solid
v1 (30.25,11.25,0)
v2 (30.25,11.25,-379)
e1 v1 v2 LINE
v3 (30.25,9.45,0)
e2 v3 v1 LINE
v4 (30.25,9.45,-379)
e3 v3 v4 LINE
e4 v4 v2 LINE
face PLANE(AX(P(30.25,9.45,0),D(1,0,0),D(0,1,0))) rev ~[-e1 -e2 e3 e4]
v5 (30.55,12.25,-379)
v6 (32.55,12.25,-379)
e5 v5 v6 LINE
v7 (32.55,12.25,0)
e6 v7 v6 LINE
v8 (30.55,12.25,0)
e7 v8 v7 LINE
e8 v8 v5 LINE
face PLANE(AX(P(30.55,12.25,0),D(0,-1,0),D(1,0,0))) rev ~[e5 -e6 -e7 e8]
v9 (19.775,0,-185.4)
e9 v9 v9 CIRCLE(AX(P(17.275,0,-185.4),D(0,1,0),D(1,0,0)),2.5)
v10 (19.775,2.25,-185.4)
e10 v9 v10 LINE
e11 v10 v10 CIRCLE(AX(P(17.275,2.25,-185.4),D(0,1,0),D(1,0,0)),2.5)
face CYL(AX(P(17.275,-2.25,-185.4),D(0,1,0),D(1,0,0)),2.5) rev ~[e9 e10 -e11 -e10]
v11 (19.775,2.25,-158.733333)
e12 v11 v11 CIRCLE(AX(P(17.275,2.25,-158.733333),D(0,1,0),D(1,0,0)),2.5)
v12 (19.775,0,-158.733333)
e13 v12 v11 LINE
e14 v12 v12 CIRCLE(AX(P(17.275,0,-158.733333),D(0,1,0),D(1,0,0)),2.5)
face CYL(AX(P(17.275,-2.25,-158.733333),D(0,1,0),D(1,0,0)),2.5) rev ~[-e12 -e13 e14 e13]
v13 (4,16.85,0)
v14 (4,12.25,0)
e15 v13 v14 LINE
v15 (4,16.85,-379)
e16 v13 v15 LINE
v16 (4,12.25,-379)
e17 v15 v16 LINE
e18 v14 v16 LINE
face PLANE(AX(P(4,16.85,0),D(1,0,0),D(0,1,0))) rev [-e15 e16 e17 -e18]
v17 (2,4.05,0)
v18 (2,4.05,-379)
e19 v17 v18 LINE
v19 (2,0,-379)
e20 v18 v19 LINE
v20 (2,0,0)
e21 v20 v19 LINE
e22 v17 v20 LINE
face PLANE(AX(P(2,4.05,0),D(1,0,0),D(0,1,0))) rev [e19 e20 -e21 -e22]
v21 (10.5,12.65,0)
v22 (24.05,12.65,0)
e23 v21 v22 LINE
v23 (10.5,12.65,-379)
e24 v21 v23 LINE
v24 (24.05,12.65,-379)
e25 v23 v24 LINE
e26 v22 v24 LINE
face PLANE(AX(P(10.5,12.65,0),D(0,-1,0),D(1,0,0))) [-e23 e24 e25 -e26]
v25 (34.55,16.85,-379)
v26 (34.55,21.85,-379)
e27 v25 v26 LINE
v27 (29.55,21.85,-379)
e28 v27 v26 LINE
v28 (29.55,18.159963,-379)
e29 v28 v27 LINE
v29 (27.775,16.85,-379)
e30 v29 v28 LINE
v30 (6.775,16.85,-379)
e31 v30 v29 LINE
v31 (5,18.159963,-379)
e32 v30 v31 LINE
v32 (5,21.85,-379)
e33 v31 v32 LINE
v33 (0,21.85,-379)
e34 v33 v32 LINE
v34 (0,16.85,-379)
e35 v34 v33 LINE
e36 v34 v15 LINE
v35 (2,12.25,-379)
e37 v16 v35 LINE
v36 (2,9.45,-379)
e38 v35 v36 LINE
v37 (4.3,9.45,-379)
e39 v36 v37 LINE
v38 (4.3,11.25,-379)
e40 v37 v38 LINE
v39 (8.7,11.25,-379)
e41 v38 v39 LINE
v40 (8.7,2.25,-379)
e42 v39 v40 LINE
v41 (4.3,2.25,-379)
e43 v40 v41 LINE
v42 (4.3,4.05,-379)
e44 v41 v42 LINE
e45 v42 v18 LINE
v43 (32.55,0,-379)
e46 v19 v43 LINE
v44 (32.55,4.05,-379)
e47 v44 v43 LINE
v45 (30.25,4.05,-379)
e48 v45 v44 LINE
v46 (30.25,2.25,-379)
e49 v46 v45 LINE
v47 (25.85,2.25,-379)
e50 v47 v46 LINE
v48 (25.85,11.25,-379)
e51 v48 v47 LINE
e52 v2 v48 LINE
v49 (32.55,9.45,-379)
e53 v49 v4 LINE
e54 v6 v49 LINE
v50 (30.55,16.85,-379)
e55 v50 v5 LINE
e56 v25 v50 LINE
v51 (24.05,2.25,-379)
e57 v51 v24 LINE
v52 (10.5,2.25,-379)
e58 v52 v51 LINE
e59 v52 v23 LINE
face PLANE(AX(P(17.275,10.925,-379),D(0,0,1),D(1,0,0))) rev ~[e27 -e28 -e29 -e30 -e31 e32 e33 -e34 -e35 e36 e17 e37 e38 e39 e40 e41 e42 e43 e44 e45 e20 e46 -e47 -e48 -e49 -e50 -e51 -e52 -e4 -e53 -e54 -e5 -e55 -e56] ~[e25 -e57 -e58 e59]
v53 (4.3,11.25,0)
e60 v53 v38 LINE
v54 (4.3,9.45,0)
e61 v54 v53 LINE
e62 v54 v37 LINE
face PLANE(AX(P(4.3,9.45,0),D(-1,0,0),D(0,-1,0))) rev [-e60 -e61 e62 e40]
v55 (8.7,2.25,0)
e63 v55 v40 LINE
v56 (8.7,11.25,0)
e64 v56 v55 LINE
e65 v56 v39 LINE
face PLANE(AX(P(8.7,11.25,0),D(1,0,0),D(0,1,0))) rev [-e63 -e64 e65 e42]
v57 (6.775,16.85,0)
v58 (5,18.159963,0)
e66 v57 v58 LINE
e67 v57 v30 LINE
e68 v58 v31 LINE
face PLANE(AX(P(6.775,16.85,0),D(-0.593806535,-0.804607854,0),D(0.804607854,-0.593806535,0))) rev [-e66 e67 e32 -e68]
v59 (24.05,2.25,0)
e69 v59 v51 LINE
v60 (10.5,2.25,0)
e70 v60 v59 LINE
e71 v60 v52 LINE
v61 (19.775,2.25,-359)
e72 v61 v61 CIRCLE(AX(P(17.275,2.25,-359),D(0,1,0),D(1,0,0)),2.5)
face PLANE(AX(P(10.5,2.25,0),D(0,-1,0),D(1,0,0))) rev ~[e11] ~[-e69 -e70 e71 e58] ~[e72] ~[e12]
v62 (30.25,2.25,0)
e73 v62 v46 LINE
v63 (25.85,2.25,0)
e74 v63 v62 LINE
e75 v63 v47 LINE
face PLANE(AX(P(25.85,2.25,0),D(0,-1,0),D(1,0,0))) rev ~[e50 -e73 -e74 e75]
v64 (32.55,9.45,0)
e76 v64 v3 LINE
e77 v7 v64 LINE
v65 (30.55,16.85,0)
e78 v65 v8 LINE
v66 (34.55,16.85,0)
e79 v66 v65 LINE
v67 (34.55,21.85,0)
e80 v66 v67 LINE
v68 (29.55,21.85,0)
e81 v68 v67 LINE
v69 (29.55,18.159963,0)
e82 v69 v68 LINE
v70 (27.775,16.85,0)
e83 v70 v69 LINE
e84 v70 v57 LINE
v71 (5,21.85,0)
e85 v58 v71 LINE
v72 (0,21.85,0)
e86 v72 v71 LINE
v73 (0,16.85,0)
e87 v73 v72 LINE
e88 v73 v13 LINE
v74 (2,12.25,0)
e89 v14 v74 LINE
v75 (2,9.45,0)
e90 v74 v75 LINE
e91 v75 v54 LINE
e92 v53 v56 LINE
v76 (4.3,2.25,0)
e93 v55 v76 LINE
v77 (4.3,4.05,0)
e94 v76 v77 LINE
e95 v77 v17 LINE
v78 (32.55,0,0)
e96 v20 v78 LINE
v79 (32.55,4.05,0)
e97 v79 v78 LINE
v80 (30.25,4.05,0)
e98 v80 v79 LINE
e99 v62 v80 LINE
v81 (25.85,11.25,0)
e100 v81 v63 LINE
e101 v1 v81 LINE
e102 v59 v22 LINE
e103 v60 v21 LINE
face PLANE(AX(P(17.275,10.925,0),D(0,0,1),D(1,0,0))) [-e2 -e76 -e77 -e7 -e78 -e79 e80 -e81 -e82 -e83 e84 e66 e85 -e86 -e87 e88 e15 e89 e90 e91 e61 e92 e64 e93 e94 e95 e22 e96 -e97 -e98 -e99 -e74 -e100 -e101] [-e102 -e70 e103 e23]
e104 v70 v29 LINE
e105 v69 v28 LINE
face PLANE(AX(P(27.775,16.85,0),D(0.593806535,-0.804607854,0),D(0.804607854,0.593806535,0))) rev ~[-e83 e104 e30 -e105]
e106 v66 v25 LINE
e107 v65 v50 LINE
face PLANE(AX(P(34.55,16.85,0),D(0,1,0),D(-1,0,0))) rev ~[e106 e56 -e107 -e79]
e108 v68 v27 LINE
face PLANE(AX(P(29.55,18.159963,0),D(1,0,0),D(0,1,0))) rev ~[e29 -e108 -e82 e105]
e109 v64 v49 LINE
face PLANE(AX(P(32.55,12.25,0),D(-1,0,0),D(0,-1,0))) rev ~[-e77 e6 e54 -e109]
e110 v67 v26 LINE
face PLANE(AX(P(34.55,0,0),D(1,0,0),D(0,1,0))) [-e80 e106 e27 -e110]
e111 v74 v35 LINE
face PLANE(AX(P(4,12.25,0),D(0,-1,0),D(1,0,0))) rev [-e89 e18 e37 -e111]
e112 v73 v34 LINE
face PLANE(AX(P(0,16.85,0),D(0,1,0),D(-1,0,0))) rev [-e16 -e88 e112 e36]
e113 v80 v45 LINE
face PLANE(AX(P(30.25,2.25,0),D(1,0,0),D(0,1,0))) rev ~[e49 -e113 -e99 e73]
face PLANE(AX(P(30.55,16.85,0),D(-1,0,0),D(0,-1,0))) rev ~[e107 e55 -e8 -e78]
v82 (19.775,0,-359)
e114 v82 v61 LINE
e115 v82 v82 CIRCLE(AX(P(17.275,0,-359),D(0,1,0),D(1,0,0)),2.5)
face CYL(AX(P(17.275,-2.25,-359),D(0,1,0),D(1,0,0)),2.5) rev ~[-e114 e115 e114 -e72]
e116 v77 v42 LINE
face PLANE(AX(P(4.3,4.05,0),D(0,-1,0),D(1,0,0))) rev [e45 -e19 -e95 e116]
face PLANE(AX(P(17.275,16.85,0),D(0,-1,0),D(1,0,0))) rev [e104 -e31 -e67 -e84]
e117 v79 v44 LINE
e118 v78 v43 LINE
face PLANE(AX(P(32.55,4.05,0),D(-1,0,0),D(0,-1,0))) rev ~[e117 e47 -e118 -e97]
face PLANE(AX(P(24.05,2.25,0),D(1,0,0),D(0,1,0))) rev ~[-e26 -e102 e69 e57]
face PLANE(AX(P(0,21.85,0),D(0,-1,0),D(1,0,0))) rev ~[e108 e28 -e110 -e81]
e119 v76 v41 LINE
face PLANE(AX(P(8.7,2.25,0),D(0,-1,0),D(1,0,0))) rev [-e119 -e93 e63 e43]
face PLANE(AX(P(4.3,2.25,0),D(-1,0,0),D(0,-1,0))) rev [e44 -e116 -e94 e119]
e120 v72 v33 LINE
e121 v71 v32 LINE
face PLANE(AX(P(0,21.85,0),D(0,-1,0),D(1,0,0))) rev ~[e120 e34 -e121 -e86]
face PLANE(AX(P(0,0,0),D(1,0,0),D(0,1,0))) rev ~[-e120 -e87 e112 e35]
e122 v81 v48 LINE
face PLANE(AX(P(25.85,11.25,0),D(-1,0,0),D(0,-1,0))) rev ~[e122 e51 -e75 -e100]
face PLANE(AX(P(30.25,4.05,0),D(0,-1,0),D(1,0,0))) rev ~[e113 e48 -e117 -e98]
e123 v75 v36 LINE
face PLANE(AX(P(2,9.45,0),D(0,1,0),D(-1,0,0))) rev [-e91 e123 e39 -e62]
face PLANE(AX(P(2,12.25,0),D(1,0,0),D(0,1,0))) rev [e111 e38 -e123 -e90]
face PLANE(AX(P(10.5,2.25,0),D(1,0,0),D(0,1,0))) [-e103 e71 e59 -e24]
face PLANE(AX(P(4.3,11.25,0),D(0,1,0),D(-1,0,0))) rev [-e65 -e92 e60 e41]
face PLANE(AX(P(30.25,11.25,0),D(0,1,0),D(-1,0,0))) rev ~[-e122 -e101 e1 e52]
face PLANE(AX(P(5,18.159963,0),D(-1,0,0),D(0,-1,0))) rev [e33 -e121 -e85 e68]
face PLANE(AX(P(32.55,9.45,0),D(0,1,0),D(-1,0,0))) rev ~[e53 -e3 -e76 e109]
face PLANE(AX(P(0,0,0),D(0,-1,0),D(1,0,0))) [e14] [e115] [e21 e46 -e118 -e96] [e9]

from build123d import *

# Parameters (mm, degrees)
SKETCH2_W                 = 34.55
SKETCH2_H                 = 21.85
BOSS_EXTRUDE1_DEPTH       = 379
CUT_EXTRUDE1_DEPTH        = 379
SKETCH5_W                 = 13.55
SKETCH5_H                 = 10.4
CUT_EXTRUDE2_DEPTH        = 379
F_5_0MM_DOWEL_HOLE2_D     = 5
F_5_0MM_DOWEL_HOLE2_DEPTH = 2.25


with BuildPart() as part:
    # Sketch2 → Boss-Extrude1 (new body)
    with BuildSketch(Plane.XY):
        with Locations((17.275, 10.925)):
            Rectangle(SKETCH2_W, SKETCH2_H)
    extrude(amount=-BOSS_EXTRUDE1_DEPTH)

    # Sketch3 → Cut-Extrude1 (cut)
    with BuildSketch(Plane.XY):
        Polygon((29.55, 21.85), (17.275, 21.85), (17.275, 16.85), (27.775, 16.85), (29.55, 18.1599631), align=None)
        Polygon((34.55, 0), (34.55, 16.85), (30.55, 16.85), (30.55, 12.25), (32.55, 12.25), (32.55, 9.45), (30.25, 9.45), (30.25, 11.25), (25.85, 11.25), (25.85, 2.25), (30.25, 2.25), (30.25, 4.05), (32.55, 4.05), (32.55, 0), align=None)
    cut_extrude1 = extrude(amount=-CUT_EXTRUDE1_DEPTH, mode=Mode.SUBTRACT)

    # Mirror1: Cut-Extrude1 across plane
    add(cut_extrude1.mirror(Plane(origin=(17.275, 0, 0), x_dir=(0, 0, 1), z_dir=(1, 0, 0))), mode=Mode.SUBTRACT)

    # Sketch5 → Cut-Extrude2 (cut)
    with BuildSketch(Plane.XY):
        with Locations((17.275, 7.45)):
            Rectangle(SKETCH5_W, SKETCH5_H)
    extrude(amount=-CUT_EXTRUDE2_DEPTH, mode=Mode.SUBTRACT)

    # Ø5.0mm Dowel Hole2
    with Locations(Plane(origin=(0, 0, 0), x_dir=(-1, 0, 0), z_dir=(0, -1, 0))):
        with Locations((-17.275, 359), (-17.275, 185.4), (-17.275, 158.733333333)):
            Hole(F_5_0MM_DOWEL_HOLE2_D / 2, depth=F_5_0MM_DOWEL_HOLE2_DEPTH)


solid = part.part
